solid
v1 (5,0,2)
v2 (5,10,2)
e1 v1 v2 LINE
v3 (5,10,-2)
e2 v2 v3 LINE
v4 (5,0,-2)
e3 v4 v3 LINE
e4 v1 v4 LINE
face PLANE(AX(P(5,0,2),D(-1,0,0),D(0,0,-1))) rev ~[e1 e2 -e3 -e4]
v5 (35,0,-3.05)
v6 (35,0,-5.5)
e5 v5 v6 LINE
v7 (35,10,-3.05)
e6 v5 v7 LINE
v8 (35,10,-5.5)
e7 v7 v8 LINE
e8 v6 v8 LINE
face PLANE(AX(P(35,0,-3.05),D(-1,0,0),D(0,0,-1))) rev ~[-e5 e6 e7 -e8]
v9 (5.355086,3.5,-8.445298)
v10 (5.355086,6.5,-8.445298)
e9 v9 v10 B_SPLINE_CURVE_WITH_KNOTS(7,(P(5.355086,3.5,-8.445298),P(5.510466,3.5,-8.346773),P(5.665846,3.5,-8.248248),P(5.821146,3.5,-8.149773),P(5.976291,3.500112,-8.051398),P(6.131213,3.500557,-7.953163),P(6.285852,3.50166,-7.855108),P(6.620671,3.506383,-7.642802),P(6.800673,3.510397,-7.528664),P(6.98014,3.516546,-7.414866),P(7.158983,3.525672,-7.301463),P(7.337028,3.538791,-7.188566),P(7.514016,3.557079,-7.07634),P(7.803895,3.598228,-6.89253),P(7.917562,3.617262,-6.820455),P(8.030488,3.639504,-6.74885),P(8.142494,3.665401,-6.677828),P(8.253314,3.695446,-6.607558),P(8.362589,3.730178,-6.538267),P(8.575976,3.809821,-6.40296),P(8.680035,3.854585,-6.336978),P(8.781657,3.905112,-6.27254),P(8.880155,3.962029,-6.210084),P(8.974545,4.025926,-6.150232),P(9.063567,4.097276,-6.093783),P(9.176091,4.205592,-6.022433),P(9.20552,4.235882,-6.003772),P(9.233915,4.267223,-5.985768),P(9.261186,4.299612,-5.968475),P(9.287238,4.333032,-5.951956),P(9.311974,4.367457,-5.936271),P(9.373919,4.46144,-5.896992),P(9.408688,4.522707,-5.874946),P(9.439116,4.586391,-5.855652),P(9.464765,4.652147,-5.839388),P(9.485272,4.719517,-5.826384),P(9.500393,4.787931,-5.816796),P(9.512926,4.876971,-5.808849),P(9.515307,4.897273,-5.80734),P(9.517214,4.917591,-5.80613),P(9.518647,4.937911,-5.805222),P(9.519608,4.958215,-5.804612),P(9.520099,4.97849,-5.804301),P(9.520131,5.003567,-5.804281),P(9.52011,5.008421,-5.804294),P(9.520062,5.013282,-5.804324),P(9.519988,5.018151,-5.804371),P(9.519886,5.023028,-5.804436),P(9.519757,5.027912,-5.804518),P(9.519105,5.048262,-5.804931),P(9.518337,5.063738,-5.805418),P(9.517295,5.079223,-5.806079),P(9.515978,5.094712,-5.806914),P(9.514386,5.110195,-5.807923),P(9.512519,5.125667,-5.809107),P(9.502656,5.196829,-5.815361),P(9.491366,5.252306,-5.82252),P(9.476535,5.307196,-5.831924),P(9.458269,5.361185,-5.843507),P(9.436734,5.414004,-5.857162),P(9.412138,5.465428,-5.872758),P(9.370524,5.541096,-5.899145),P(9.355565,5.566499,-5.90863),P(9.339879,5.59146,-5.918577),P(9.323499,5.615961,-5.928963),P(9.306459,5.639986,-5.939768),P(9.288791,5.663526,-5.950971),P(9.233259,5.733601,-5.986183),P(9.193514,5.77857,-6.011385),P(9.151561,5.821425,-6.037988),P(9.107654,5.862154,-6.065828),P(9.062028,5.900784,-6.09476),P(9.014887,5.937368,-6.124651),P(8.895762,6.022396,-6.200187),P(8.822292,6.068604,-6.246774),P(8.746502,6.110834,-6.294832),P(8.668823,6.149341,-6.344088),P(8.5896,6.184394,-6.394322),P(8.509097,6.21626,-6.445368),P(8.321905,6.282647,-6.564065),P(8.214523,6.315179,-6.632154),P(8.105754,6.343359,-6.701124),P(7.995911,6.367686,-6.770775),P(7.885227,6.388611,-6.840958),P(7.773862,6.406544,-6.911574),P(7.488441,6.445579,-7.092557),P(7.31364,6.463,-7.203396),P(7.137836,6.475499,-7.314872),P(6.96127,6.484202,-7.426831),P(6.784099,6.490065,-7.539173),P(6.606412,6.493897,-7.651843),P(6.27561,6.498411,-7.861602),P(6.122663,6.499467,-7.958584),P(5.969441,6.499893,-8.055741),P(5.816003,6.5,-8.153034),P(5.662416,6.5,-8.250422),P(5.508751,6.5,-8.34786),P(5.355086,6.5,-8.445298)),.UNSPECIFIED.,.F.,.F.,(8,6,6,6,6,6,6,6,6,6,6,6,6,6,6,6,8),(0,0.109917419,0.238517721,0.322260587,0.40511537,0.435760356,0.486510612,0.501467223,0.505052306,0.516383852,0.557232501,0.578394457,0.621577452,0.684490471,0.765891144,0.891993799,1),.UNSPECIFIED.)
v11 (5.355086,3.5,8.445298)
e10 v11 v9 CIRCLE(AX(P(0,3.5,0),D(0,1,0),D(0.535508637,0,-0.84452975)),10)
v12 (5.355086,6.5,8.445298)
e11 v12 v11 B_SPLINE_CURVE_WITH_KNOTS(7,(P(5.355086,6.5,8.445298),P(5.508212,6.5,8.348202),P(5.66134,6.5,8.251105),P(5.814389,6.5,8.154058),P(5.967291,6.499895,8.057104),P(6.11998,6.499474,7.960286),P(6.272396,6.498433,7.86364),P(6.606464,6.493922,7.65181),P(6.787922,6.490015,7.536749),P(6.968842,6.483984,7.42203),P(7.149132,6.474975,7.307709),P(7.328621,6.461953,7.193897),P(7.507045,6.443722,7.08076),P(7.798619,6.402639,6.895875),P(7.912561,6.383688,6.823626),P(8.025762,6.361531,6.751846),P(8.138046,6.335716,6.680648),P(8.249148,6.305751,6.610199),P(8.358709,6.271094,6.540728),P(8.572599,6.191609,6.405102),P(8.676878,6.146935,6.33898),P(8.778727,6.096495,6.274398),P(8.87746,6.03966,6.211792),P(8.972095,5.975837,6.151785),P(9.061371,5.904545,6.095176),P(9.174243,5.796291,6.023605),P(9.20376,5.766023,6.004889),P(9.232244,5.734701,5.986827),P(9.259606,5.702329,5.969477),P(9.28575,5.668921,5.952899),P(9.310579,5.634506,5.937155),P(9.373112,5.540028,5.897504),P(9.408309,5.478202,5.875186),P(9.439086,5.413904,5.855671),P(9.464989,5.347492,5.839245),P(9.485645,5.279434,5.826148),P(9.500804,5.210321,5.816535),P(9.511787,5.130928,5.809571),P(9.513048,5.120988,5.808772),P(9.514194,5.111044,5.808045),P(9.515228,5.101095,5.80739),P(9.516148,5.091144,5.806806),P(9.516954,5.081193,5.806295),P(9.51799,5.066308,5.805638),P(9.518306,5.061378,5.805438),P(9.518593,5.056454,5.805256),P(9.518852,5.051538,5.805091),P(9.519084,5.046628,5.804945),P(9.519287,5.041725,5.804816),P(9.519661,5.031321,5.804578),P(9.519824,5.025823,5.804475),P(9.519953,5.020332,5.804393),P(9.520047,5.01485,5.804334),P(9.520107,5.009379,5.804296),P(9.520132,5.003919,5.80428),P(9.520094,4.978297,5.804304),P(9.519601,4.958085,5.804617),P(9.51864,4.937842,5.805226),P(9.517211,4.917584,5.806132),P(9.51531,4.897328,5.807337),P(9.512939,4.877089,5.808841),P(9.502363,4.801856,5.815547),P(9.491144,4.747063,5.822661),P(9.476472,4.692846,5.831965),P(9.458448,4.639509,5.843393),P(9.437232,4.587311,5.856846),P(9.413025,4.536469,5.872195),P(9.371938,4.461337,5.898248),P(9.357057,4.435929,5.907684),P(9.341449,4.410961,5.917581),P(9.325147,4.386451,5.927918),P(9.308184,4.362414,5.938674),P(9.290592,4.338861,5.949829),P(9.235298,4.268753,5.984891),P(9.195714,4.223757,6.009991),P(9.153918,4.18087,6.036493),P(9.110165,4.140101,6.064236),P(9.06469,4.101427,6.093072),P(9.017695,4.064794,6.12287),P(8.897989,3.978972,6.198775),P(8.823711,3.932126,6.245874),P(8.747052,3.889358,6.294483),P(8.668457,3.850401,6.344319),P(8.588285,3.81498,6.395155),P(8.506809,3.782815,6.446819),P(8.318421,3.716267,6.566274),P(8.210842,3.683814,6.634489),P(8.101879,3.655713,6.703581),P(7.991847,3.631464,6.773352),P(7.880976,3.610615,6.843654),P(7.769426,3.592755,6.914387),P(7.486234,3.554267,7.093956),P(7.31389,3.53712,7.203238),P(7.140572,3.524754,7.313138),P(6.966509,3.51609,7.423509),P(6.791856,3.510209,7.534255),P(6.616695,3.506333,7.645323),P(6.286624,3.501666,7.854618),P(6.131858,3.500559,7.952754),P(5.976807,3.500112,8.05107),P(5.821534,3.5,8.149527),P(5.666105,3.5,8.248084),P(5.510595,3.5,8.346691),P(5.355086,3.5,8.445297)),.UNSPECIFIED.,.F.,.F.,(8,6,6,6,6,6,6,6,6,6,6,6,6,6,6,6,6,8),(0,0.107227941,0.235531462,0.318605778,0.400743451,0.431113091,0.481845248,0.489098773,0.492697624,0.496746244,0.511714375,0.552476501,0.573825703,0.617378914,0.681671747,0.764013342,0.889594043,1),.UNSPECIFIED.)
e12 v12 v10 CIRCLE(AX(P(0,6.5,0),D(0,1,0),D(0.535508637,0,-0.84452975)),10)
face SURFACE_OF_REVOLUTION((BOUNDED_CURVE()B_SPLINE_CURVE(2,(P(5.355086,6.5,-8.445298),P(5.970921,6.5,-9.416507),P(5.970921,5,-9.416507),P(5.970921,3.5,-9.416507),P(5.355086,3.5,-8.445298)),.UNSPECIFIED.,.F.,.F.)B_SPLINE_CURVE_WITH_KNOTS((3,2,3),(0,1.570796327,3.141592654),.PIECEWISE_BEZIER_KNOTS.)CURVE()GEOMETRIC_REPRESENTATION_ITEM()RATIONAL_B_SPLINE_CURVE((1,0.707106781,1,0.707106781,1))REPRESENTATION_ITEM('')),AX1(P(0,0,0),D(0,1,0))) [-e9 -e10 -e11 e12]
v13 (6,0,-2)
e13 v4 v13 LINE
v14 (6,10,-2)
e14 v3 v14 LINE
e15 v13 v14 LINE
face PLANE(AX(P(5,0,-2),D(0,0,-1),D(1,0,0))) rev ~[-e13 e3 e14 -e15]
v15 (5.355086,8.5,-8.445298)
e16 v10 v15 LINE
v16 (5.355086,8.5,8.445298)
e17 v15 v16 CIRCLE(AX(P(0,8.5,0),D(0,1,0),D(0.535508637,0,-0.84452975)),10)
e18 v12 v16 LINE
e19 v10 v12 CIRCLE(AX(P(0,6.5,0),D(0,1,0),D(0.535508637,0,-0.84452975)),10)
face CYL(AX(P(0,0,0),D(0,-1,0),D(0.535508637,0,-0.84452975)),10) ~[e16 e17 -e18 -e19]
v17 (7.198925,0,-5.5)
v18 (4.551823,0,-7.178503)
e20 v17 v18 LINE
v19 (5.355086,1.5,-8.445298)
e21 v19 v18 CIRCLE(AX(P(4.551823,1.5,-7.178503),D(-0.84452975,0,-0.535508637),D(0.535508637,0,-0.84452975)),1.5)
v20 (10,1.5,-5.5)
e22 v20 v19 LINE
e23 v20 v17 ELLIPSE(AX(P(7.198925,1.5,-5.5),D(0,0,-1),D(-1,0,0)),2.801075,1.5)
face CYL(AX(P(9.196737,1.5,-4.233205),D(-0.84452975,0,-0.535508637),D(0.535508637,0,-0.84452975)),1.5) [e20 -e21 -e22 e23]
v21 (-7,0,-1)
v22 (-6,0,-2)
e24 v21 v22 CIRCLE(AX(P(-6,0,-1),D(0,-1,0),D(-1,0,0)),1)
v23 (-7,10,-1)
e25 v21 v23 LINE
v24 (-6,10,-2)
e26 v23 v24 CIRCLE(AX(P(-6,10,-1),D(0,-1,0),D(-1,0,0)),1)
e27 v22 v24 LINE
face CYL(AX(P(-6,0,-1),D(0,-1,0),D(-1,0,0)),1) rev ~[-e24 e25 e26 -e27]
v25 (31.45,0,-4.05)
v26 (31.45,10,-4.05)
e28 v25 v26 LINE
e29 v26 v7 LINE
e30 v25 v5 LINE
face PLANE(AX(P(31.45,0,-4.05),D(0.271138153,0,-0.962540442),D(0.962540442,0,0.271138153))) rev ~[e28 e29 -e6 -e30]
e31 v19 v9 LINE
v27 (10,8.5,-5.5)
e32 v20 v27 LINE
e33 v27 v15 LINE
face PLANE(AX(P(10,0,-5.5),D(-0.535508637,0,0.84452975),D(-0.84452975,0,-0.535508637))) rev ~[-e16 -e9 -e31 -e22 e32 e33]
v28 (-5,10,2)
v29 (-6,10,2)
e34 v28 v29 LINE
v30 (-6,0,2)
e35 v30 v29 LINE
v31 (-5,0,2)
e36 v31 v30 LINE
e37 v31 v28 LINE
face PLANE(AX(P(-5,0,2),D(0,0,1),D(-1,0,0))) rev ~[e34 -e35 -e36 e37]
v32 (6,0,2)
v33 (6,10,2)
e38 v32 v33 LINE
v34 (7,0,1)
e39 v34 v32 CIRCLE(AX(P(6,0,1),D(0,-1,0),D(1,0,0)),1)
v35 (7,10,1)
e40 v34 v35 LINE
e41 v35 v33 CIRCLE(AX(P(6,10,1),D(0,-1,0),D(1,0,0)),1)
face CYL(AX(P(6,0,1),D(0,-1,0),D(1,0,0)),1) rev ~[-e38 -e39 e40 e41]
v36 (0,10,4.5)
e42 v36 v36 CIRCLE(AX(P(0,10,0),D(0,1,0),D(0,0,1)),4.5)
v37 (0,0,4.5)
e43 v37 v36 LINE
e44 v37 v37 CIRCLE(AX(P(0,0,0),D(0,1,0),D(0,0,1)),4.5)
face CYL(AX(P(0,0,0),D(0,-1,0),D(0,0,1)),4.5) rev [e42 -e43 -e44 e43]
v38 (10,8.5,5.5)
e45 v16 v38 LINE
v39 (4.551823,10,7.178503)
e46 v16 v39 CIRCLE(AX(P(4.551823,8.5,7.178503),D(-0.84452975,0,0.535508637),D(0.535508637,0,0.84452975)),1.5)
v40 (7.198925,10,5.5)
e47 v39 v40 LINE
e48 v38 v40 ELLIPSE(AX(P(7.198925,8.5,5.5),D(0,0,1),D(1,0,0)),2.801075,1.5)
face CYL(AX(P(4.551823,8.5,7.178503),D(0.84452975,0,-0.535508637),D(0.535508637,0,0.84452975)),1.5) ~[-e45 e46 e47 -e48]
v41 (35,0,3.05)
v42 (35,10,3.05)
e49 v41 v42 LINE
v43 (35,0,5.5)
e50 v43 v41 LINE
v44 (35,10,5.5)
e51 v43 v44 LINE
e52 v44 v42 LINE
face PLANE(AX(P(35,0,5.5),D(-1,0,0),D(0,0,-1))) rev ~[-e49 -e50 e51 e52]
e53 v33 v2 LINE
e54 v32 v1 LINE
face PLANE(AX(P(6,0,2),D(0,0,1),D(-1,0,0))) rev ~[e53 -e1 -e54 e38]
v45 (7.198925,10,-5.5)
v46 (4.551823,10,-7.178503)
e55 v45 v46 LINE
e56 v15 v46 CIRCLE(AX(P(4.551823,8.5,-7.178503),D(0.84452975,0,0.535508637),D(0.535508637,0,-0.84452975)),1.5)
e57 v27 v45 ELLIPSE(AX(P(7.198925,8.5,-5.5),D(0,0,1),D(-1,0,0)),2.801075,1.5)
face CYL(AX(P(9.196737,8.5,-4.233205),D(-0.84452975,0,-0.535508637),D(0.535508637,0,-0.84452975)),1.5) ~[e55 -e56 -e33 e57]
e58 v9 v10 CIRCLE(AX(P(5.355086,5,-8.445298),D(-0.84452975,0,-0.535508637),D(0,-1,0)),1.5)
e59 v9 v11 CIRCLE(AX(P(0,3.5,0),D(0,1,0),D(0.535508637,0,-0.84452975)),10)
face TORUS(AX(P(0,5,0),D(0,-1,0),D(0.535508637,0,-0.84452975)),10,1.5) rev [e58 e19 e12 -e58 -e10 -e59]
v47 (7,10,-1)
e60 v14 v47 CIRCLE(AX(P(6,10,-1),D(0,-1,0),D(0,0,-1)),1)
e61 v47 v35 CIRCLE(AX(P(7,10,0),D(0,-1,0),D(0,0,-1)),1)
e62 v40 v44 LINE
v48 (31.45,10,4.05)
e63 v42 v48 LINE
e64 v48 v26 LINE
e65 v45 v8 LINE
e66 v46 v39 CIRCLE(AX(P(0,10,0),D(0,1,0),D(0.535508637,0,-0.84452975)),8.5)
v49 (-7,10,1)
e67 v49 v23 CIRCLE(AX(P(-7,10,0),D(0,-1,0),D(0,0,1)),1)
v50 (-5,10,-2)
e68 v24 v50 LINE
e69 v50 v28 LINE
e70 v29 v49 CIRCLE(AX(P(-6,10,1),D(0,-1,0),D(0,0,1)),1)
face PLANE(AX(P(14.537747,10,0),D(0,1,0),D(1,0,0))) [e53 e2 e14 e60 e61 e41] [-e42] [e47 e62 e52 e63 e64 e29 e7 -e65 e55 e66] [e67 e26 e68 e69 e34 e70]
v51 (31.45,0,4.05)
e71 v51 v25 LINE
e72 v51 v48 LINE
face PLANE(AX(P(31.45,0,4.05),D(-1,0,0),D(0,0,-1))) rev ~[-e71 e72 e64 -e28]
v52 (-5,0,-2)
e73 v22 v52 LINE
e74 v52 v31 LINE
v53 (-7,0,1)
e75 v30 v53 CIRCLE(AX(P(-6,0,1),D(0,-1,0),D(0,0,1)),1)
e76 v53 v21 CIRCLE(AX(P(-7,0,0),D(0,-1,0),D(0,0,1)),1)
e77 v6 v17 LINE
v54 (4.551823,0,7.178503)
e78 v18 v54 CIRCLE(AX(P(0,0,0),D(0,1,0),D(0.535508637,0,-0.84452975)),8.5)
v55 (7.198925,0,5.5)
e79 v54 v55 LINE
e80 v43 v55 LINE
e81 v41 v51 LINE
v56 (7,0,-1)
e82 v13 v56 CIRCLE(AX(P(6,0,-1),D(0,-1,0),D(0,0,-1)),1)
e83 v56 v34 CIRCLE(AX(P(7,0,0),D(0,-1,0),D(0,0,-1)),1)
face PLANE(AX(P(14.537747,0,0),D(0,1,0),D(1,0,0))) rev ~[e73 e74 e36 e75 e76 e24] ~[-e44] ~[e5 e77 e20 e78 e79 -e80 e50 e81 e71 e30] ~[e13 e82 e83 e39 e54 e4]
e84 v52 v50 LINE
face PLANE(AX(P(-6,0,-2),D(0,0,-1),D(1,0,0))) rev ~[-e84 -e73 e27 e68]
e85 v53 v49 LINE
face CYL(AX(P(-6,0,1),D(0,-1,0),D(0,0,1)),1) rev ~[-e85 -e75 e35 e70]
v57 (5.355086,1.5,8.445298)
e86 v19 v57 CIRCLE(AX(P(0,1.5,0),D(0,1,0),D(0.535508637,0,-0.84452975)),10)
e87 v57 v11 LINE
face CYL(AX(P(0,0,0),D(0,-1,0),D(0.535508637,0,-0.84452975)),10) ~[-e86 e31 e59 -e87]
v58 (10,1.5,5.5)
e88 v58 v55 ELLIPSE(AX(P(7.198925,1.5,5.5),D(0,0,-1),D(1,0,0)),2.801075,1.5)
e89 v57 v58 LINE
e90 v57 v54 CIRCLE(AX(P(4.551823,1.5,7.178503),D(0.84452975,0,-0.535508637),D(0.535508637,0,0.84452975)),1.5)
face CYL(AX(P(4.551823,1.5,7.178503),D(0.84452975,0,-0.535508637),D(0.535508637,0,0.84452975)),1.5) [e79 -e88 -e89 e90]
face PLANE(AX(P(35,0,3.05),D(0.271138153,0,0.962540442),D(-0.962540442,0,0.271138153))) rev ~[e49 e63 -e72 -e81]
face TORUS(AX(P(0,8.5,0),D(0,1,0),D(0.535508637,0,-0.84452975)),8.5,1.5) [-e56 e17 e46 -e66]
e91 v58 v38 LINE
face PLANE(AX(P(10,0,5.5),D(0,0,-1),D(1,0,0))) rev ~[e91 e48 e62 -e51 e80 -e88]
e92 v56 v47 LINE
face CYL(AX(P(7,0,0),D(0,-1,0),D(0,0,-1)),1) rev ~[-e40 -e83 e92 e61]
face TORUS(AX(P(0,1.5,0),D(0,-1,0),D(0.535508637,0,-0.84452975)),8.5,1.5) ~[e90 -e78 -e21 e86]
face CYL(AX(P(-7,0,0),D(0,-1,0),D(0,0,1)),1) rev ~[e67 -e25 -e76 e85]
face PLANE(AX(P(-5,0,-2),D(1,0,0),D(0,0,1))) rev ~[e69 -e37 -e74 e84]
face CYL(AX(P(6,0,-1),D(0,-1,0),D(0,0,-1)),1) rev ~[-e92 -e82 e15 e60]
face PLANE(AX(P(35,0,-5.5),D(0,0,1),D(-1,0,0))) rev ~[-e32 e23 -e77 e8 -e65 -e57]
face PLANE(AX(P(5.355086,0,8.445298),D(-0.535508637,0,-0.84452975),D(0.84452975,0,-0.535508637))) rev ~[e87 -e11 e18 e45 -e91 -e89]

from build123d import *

# Parameters (mm, degrees)
SKETCH1_R           = 4.5
BOSS_EXTRUDE2_DEPTH = 10
FILLET2_R           = 1.5


with BuildPart() as part:
    # Sketch1 → Boss-Extrude2 (new body)
    with BuildSketch(Plane(origin=(0, 0, 0), x_dir=(1, 0, 0), z_dir=(0, 1, 0))):
        with BuildLine():
            Line((35, 5.500000000000003), (10, 5.500000000000003))
            Line((10, 5.500000000000003), (5.355086372360837, 8.445297504798466))
            ThreePointArc((5.355086372360837, 8.445297504798466), (-10, 1.11e-14), (5.355086372360817, -8.445297504798482))
            Line((5.355086372360817, -8.445297504798482), (10, -5.499999999999997))
            Line((10, -5.499999999999997), (34.99999999999999, -5.499999999999997))
            Line((34.99999999999999, -5.499999999999997), (35, -3.05))
            Line((35, -3.05), (31.449999999999992, -4.050000000000006))
            Line((31.449999999999992, -4.050000000000006), (31.450000000000006, 4.049999999999974))
            Line((31.450000000000006, 4.049999999999973), (35, 3.05))
            Line((35, 3.05), (35, 5.500000000000003))
        make_face()
        with BuildLine():
            Line((-5, 2), (-4.999999999999999, -2))
            Line((-4.999999999999999, -2), (-5.999999999999992, -2))
            ThreePointArc((-5.999999999999992, -1.9999999999999998), (-6.707106781186546, -1.7071067811865475), (-6.999999999999999, -0.9999999999999932))
            ThreePointArc((-6.999999999999999, -1.0000000000000002), (-7.999999999999999, -7.6e-16), (-7, 0.9999999999999993))
            ThreePointArc((-7, 0.9999999999999923), (-6.707106781186547, 1.707106781186547), (-5.999999999999993, 2))
            Line((-5.999999999999993, 1.9999999999999996), (-5, 2))
        make_face(mode=Mode.SUBTRACT)
        with Locations(Location((0, 0, 0), (0, 0, 270))):
            Circle(SKETCH1_R, mode=Mode.SUBTRACT)
        with BuildLine():
            Line((4.999999999999999, -2), (5, 2))
            Line((5, 2), (5.999999999999993, 1.9999999999999996))
            ThreePointArc((5.999999999999993, 1.9999999999999998), (6.707106781186548, 1.707106781186547), (7, 0.9999999999999923))
            ThreePointArc((7, 0.9999999999999993), (7.707106781186547, 0.7071067811865467), (7.999999999999999, -4.3e-16))
            ThreePointArc((7.999999999999999, -6.8e-16), (7.707106781186546, -0.707106781186548), (6.999999999999999, -1.0000000000000002))
            ThreePointArc((6.999999999999999, -0.9999999999999932), (6.707106781186546, -1.7071067811865475), (5.999999999999992, -1.9999999999999998))
            Line((5.999999999999992, -2), (4.999999999999999, -2))
        make_face(mode=Mode.SUBTRACT)
    extrude(amount=BOSS_EXTRUDE2_DEPTH)

    # Sketch4 → Cut-Revolve3 (revolve, cut)
    with BuildSketch(Plane(origin=(-6.666818896321271, 16.53530046448365, 0), x_dir=(0, 1, 0), z_dir=(0, 0, 1)), mode=Mode.PRIVATE) as cut_revolve3_sk:
        with BuildLine():
            ThreePointArc((-13.035300464483651, 3.333181103678728), (-11.535300464483651, 1.833181103678728), (-10.035300464483651, 3.333181103678728))
            add(Edge.make_bspline(
                [(-10.035300464483651, 3.333181103678728), (-10.035300464483651, 4.483181103678728), (-11.535300464483651, 4.483181103678728), (-13.035300464483651, 4.483181103678727), (-13.035300464483651, 3.333181103678728)],
                knots=[0, 0, 0, 1.5707963267948966, 1.5707963267948966, 3.141592653589793, 3.141592653589793, 3.141592653589793], degree=2, weights=[1, 0.7071067811865476, 1, 0.7071067811865476, 1]))
        make_face()
    revolve(cut_revolve3_sk.sketch.rotate(Axis((0, 0, 0), (0, 1, 0)), 237.621587486), axis=Axis((0, 0, 0), (0, 1, 0)), mode=Mode.SUBTRACT)

    # Fillet2
    fillet2_edges = [part.edges().sort_by_distance(p)[0] for p in [
        (7.677543186180419, 0, -6.972648752399234),
        (-10, 0, -1.11e-14),
        (7.677543186180419, 10, -6.972648752399234),
        (-10, 10, -1.11e-14),
        (7.677543186180408, 0, 6.972648752399239),
        (7.677543186180408, 10, 6.972648752399239),
    ]]
    fillet(fillet2_edges, radius=FILLET2_R)


solid = part.part
